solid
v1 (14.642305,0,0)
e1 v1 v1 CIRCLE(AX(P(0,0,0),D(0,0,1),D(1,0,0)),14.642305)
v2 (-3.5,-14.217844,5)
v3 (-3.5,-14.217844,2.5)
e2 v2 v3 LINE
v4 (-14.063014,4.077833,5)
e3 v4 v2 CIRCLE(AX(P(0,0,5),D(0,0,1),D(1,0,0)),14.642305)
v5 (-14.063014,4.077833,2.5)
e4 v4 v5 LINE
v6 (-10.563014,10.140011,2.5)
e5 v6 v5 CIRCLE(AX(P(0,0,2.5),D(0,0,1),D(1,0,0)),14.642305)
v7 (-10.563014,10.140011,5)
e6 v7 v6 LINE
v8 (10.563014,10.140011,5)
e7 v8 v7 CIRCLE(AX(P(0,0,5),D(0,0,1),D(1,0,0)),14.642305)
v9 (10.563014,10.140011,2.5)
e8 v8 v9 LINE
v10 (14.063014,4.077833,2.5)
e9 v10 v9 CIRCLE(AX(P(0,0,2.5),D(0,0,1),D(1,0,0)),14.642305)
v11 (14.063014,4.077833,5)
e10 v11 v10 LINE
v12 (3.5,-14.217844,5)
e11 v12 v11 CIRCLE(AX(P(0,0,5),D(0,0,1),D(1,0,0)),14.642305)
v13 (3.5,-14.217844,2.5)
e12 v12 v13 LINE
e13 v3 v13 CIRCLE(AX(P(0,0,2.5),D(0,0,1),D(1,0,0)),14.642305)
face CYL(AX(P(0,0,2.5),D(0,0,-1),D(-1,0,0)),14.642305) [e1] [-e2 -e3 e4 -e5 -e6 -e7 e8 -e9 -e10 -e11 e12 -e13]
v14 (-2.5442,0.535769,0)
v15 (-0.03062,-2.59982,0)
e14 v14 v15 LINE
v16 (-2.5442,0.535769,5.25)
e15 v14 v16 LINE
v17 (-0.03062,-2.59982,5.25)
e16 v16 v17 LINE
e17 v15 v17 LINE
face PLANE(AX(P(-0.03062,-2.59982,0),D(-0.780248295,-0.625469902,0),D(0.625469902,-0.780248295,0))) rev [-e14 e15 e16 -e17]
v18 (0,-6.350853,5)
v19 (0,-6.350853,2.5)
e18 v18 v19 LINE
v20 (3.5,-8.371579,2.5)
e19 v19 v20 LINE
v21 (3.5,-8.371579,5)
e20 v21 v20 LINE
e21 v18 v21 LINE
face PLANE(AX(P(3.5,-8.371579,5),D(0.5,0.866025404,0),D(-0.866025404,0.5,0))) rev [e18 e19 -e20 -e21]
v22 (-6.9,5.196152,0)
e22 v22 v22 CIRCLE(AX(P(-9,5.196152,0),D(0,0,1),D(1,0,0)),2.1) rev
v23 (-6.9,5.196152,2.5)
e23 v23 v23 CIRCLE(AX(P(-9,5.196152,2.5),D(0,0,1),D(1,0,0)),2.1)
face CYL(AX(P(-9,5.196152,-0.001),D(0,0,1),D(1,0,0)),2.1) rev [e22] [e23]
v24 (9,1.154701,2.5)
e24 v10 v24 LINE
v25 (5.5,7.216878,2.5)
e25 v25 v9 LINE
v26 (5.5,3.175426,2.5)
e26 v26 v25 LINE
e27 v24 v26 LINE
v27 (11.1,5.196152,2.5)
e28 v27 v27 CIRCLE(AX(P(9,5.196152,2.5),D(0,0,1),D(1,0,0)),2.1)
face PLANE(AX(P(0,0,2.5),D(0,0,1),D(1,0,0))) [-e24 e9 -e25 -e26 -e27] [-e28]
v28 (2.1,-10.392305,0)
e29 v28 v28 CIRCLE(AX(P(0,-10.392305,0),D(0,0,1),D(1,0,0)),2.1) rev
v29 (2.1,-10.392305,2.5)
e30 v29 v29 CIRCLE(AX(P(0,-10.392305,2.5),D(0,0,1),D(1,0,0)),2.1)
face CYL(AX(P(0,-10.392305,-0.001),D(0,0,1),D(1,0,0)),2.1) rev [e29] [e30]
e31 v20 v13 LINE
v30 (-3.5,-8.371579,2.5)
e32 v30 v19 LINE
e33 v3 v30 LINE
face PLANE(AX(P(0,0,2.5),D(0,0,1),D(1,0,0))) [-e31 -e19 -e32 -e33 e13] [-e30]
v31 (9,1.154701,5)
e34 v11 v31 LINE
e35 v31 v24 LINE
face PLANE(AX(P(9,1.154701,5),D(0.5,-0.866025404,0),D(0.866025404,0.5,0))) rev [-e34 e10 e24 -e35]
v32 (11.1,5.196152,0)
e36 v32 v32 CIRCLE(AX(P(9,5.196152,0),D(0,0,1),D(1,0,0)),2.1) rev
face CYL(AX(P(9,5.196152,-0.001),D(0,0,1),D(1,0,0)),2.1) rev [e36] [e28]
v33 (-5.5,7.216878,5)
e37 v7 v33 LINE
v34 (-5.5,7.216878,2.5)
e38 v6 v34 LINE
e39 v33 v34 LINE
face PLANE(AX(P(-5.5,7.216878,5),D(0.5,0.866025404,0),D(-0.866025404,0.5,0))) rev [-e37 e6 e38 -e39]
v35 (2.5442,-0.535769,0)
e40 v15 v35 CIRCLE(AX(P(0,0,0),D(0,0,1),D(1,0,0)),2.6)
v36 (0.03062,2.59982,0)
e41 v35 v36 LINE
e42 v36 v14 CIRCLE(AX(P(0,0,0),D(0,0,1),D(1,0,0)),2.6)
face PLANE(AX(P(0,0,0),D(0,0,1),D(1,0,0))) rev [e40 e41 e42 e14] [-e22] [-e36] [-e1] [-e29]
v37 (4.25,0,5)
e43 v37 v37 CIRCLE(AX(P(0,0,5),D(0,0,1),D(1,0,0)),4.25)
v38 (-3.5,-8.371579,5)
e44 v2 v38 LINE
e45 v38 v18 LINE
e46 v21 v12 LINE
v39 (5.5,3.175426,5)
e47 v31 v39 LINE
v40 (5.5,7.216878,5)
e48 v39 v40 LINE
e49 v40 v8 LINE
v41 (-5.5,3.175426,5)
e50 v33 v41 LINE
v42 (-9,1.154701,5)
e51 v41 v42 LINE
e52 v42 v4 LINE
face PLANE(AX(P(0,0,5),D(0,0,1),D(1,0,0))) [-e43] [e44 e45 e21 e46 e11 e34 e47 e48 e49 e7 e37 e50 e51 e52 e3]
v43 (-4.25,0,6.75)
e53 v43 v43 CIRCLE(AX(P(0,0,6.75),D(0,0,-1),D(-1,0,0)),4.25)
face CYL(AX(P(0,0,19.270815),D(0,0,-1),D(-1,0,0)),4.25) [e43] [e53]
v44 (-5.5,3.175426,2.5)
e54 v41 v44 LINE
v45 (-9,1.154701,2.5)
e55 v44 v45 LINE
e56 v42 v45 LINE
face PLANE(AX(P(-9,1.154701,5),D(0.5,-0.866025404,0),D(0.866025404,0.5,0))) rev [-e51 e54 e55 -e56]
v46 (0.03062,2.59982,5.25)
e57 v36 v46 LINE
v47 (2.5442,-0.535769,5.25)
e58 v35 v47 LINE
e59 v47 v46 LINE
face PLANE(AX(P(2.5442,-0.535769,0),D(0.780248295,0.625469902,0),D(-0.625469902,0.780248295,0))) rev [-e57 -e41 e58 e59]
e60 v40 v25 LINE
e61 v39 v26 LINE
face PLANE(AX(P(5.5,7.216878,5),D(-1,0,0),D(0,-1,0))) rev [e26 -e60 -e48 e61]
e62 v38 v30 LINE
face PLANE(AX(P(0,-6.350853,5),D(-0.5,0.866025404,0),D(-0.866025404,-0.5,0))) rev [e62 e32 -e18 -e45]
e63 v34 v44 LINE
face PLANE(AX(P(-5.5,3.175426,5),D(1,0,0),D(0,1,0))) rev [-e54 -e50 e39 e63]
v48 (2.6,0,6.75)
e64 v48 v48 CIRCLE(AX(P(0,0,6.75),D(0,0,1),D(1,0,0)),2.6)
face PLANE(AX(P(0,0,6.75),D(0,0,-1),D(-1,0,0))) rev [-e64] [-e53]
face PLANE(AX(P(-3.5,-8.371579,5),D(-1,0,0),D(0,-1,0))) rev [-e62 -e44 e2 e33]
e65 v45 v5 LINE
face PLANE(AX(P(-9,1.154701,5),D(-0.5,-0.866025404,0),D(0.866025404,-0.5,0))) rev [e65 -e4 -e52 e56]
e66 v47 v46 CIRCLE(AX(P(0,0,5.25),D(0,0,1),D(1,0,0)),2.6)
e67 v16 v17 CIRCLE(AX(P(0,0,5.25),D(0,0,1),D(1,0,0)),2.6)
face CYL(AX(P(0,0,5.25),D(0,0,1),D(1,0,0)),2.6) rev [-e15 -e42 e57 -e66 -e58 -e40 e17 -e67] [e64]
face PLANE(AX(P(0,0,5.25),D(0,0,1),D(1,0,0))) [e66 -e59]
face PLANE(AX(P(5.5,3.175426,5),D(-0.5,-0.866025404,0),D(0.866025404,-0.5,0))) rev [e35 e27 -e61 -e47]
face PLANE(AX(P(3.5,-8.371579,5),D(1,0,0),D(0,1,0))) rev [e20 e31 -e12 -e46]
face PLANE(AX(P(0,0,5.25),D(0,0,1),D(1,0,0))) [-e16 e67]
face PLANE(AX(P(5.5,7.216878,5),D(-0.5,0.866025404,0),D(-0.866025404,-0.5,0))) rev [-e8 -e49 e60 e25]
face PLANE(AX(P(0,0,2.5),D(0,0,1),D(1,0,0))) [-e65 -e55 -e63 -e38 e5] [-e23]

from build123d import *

# Parameters (mm, degrees)
SKETCH1_R           = 14.642304845
BOSS_EXTRUDE1_DEPTH = 2.5
BOSS_EXTRUDE2_DEPTH = 2.5
CUT_EXTRUDE1_REACH  = 22.858
SKETCH3_R           = 2.1
SKETCH4_R           = 4.25
BOSS_EXTRUDE3_DEPTH = 1.75
SKETCH5_R           = 2.6
CUT_EXTRUDE2_DEPTH  = 1.5
CUT_EXTRUDE3_DEPTH  = 22.779730999


with BuildPart() as part:
    # Sketch1 → Boss-Extrude1 (new body)
    with BuildSketch(Plane.XY):
        Circle(SKETCH1_R)
    extrude(amount=BOSS_EXTRUDE1_DEPTH)

    # Sketch2 → Boss-Extrude2 (add)
    with BuildSketch(Plane.XY.offset(2.5)):
        with BuildLine():
            Line((5.5, 7.216878365), (10.563014188, 10.140010969))
            ThreePointArc((10.563014188, 10.140010969), (10.103038739, 10.598381925), (9.623192391, 11.035907729))
            ThreePointArc((9.623192391, 11.035907729), (-0.649210292, 14.627905427), (-10.563014188, 10.140010969))
            Line((-10.563014188, 10.140010969), (-5.5, 7.216878365))
            Line((-5.5, 7.216878365), (-5.5, 3.175426481))
            Line((-5.5, 3.175426481), (-9, 1.154700538))
            Line((-9, 1.154700538), (-14.063014188, 4.077833143))
            ThreePointArc((-14.063014188, 4.077833143), (-12.680607966, -7.321152423), (-3.5, -14.217844112))
            Line((-3.5, -14.217844112), (-3.5, -8.371578903))
            Line((-3.5, -8.371578903), (0, -6.350852961))
            Line((0, -6.350852961), (3.5, -8.371578903))
            Line((3.5, -8.371578903), (3.5, -14.217844112))
            ThreePointArc((3.5, -14.217844112), (12.680607966, -7.321152423), (14.063014188, 4.077833143))
            Line((14.063014188, 4.077833143), (9, 1.154700538))
            Line((9, 1.154700538), (5.5, 3.175426481))
            Line((5.5, 3.175426481), (5.5, 7.216878365))
        make_face()
    extrude(amount=BOSS_EXTRUDE2_DEPTH)

    # Sketch3 → Cut-Extrude1 (cut, up to next)
    with BuildSketch(Plane.XY.offset(2.5), mode=Mode.PRIVATE) as cut_extrude1_sk1:
        with Locations((-9, 5.196152423)):
            Circle(SKETCH3_R)
    cut_extrude1_tool1 = extrude(cut_extrude1_sk1.sketch, amount=-CUT_EXTRUDE1_REACH, mode=Mode.PRIVATE) & part.part
    # Sketch3 → Cut-Extrude1 (cut, up to next)
    with BuildSketch(Plane.XY.offset(2.5), mode=Mode.PRIVATE) as cut_extrude1_sk2:
        with Locations((9, 5.196152423)):
            Circle(SKETCH3_R)
    cut_extrude1_tool2 = extrude(cut_extrude1_sk2.sketch, amount=-CUT_EXTRUDE1_REACH, mode=Mode.PRIVATE) & part.part
    # Sketch3 → Cut-Extrude1 (cut, up to next)
    with BuildSketch(Plane.XY.offset(2.5), mode=Mode.PRIVATE) as cut_extrude1_sk3:
        with Locations((0, -10.392304845)):
            Circle(SKETCH3_R)
    cut_extrude1_tool3 = extrude(cut_extrude1_sk3.sketch, amount=-CUT_EXTRUDE1_REACH, mode=Mode.PRIVATE) & part.part
    add(cut_extrude1_tool1.solids().sort_by_distance((-9, 5.196152, 2.5))[0], mode=Mode.SUBTRACT)
    add(cut_extrude1_tool2.solids().sort_by_distance((9, 5.196152, 2.5))[0], mode=Mode.SUBTRACT)
    add(cut_extrude1_tool3.solids().sort_by_distance((0, -10.392305, 2.5))[0], mode=Mode.SUBTRACT)

    # Sketch4 → Boss-Extrude3 (add)
    with BuildSketch(Plane.XY.offset(5)):
        with Locations(Location((0, 0, 0), (0, 0, 180))):
            Circle(SKETCH4_R)
    extrude(amount=BOSS_EXTRUDE3_DEPTH)

    # Sketch5 → Cut-Extrude2 (cut)
    with BuildSketch(Plane.XY.offset(6.75)):
        Circle(SKETCH5_R)
    extrude(amount=-CUT_EXTRUDE2_DEPTH, mode=Mode.SUBTRACT)

    # Sketch6 → Cut-Extrude3 (cut, through all)
    with BuildSketch(Plane.XY.offset(6.75)):
        with BuildLine():
            Line((2.544199592, -0.535769015), (0.030619782, 2.599819692))
            ThreePointArc((0.030619782, 2.599819692), (-1.626221745, 2.028645567), (-2.544199592, 0.535769015))
            Line((-2.544199592, 0.535769015), (-0.030619782, -2.599819692))
            ThreePointArc((-0.030619782, -2.599819692), (1.626221745, -2.028645567), (2.544199592, -0.535769015))
        make_face()
    extrude(amount=-CUT_EXTRUDE3_DEPTH, mode=Mode.SUBTRACT)


solid = part.part
